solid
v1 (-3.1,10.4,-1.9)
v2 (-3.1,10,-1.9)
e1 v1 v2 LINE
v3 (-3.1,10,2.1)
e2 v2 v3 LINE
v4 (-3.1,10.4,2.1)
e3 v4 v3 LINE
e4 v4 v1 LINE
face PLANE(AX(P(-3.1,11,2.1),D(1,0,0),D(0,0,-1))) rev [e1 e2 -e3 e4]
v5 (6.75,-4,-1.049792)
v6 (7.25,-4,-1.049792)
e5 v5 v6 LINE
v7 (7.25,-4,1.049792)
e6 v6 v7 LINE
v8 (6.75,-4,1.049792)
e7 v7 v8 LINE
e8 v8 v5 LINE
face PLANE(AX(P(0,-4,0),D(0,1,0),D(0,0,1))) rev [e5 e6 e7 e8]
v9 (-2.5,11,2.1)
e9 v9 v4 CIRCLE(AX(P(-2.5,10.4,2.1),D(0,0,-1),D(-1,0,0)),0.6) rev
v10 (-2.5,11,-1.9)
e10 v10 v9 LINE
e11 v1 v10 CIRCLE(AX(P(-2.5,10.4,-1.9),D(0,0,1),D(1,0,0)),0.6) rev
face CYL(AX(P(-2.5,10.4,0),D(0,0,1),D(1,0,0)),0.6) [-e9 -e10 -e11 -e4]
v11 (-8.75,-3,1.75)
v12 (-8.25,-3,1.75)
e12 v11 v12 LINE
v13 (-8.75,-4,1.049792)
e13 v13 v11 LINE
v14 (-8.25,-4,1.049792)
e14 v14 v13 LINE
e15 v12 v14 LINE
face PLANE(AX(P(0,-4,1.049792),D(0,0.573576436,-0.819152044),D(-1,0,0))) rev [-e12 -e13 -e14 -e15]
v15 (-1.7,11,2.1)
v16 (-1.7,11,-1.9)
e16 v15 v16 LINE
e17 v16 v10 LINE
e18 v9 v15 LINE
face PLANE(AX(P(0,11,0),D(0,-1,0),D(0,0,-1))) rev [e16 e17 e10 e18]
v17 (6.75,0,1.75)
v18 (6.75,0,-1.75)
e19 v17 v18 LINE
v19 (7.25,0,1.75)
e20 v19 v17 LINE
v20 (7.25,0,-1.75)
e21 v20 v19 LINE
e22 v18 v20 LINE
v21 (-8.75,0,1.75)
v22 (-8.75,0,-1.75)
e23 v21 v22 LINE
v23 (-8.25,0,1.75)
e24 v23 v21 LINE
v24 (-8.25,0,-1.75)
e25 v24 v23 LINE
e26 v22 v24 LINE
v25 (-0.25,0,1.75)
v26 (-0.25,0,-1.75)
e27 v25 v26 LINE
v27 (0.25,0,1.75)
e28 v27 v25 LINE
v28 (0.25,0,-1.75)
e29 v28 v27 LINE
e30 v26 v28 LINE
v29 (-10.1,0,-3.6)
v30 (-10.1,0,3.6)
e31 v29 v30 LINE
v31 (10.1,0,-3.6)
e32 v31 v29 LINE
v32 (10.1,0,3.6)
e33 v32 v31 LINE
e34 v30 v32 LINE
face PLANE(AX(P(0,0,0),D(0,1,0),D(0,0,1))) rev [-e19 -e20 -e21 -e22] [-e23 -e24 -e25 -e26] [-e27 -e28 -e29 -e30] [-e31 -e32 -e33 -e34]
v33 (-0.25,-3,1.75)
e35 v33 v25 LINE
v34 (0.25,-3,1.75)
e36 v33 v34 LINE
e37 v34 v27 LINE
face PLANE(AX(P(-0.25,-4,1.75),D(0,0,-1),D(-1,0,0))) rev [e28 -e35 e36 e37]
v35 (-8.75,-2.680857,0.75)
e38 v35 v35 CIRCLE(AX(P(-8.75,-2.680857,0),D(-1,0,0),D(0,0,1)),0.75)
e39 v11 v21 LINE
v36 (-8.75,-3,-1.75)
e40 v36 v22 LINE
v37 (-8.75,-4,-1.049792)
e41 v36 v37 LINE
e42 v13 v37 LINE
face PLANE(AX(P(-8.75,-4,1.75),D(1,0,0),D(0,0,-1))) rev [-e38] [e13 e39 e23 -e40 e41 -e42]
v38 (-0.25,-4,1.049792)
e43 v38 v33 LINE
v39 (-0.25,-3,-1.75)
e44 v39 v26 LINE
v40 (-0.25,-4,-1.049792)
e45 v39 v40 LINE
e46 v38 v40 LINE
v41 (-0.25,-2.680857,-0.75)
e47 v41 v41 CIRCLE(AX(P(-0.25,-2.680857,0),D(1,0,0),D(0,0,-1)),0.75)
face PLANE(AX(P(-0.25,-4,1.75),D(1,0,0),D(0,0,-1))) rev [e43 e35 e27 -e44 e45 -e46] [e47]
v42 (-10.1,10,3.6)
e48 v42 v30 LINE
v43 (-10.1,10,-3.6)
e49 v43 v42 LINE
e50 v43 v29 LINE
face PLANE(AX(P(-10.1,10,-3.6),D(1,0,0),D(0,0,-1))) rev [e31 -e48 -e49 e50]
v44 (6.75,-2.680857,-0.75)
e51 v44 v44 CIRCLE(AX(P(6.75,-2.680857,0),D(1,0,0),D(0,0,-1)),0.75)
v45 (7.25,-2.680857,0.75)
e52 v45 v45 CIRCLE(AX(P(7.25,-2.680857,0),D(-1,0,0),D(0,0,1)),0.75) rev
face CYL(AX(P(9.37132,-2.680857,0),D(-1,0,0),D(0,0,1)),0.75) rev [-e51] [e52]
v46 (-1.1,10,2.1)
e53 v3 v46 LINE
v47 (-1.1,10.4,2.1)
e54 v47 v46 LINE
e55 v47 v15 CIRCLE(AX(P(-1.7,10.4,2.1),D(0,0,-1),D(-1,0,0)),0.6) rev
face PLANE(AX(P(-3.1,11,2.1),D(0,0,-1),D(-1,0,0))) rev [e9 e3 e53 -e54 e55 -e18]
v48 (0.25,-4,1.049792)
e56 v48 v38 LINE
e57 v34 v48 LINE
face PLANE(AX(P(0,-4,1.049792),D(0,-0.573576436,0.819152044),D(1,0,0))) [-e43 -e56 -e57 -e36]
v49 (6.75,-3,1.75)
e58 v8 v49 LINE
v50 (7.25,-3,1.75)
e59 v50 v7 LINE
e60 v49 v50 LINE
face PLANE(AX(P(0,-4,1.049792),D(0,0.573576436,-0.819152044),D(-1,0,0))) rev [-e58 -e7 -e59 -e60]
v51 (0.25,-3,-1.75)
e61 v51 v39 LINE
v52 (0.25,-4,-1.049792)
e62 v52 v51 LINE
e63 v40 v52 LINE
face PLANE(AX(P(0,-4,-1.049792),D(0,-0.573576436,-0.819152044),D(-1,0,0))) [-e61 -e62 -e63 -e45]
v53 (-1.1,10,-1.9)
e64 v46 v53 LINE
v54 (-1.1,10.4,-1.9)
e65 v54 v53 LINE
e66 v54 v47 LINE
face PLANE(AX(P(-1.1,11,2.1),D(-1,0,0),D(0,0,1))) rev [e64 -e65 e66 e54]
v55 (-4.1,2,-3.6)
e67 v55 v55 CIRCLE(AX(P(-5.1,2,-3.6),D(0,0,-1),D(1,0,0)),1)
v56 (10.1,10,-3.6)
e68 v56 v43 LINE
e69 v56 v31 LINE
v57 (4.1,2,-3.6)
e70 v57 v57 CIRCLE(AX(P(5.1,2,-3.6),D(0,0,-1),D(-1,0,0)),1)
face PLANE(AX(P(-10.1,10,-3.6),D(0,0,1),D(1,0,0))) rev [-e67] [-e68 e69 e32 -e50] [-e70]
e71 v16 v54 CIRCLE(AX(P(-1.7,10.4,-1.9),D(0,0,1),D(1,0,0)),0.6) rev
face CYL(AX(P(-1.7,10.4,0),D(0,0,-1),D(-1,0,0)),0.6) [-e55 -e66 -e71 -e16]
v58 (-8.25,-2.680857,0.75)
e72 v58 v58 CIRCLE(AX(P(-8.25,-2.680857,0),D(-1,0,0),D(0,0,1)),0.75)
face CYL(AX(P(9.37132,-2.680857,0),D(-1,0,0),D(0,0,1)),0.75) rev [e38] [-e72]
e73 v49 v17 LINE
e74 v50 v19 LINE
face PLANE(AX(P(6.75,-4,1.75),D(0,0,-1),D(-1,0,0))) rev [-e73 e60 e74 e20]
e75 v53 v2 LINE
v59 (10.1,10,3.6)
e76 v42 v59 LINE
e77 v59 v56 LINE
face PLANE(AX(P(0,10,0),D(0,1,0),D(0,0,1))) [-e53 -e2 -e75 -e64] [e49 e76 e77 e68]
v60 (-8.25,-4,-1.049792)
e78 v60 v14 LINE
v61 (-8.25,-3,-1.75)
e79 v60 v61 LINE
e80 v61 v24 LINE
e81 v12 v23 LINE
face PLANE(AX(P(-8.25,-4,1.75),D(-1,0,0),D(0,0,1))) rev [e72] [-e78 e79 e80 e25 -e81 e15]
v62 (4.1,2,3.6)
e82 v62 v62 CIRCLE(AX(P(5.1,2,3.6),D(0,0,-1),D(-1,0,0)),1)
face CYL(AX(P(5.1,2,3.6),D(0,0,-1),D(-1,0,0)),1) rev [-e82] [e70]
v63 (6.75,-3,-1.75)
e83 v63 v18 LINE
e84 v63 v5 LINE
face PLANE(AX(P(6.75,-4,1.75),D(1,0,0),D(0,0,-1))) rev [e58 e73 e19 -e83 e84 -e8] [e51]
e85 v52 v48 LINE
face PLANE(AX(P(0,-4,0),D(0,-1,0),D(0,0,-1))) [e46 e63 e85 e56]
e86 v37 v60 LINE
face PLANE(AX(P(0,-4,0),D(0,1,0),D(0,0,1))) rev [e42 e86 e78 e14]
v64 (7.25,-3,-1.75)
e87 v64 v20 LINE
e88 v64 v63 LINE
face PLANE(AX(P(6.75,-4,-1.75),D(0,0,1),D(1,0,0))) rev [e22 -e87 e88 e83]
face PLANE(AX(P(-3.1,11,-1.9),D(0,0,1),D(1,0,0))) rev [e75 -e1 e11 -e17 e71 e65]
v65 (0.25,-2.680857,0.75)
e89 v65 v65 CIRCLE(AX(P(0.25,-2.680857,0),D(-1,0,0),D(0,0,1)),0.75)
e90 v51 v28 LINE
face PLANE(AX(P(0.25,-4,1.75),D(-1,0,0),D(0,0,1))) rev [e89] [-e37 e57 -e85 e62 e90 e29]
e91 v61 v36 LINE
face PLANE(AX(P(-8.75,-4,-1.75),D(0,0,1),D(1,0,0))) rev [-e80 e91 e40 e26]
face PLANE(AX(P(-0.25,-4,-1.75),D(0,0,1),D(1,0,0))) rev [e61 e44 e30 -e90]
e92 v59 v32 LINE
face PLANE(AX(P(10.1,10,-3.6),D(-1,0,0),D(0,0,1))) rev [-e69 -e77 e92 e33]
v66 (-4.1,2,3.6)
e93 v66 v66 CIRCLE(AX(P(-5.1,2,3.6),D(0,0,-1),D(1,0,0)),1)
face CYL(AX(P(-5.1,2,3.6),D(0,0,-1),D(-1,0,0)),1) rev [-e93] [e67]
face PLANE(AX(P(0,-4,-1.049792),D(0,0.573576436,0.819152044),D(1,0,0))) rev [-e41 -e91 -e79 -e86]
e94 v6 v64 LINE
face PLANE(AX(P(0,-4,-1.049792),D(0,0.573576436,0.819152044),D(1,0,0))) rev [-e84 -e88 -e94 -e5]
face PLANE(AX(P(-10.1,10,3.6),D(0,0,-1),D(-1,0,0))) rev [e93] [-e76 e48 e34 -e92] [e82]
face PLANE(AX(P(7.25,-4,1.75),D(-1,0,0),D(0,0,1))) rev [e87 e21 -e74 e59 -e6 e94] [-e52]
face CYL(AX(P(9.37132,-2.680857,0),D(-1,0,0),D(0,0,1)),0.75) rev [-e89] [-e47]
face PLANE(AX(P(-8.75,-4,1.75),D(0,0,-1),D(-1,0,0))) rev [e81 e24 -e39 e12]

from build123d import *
from OCP.BRepFilletAPI import BRepFilletAPI_MakeChamfer

# Parameters (mm, degrees)
SKETCH_1_W          = 20.2
SKETCH_1_H          = 7.2
EXTRUDE_1_DEPTH     = 10
SKETCH_2_W          = 0.5
SKETCH_2_H          = 3.5
EXTRUDE_2_DEPTH     = 4
CUT_EXTRUDE_1_REACH = 23.64
SKETCH_3_R          = 0.75
CHAMFER_1_SIZE      = 1
CHAMFER_1_SIZE2     = 0.700207538
SKETCH_4_R          = 1
CUT_EXTRUDE_2_DEPTH = 16.932670837
SKETCH_5_W          = 2
SKETCH_5_H          = 4
EXTRUDE_3_DEPTH     = 1
FILLET_1_R          = 0.6


with BuildPart() as part:
    # Эскиз1 → Бобышка-Вытянуть1 (new body)
    with BuildSketch(Plane(origin=(0, 0, 0), x_dir=(1, 0, 0), z_dir=(0, 1, 0))):
        Rectangle(SKETCH_1_W, SKETCH_1_H)
    extrude(amount=EXTRUDE_1_DEPTH)

    # Эскиз2 → Бобышка-Вытянуть2 (add)
    with BuildSketch(Plane(origin=(0, 0, 0), x_dir=(-1, 0, 0), z_dir=(0, -1, 0))):
        with Locations((-7, 0)):
            Rectangle(SKETCH_2_W, SKETCH_2_H)
        Rectangle(SKETCH_2_W, SKETCH_2_H)
        with Locations((8.5, 0)):
            Rectangle(SKETCH_2_W, SKETCH_2_H)
    extrude(amount=EXTRUDE_2_DEPTH)

    # Вырез-Вытянуть1: up to this face of the body (flat: up to its plane)
    cut_extrude_1_end = Plane(part.part.faces().sort_by_distance((7.25, -2, 0))[0])
    # Эскиз3 → Вырез-Вытянуть1 (cut, up to the picked face)
    with BuildSketch(Plane.ZY.offset(8.75), mode=Mode.PRIVATE) as cut_extrude_1_sk1:
        with Locations((0, -2.680856865)):
            Circle(SKETCH_3_R)
    cut_extrude_1_tool1 = split(extrude(cut_extrude_1_sk1.sketch, amount=-CUT_EXTRUDE_1_REACH, mode=Mode.PRIVATE), bisect_by=cut_extrude_1_end, keep=Keep.BOTH, mode=Mode.PRIVATE)
    add(cut_extrude_1_tool1.solids().sort_by(Axis((-8.75, -2.680857, 0), (1, 0, 0)))[0], mode=Mode.SUBTRACT)

    # Фаска1: one chamfer whose edges measure the first distance from different faces: ONE call of the kernel's chamfer builder (chamfer() names one face for all edges)
    chamfer_1_edges_1 = [part.edges().sort_by_distance(p)[0] for p in [
        (0, -4, 1.75),
    ]]
    chamfer_1_side_1 = [part.faces().sort_by_distance(p)[0] for p in [
        (0, -2, 1.75),
    ]]
    chamfer_1_edges_2 = [part.edges().sort_by_distance(p)[0] for p in [
        (0, -4, -1.75),
    ]]
    chamfer_1_side_2 = [part.faces().sort_by_distance(p)[0] for p in [
        (0, -2, -1.75),
    ]]
    chamfer_1_edges_3 = [part.edges().sort_by_distance(p)[0] for p in [
        (7, -4, -1.75),
    ]]
    chamfer_1_side_3 = [part.faces().sort_by_distance(p)[0] for p in [
        (7, -2, -1.75),
    ]]
    chamfer_1_edges_4 = [part.edges().sort_by_distance(p)[0] for p in [
        (7, -4, 1.75),
    ]]
    chamfer_1_side_4 = [part.faces().sort_by_distance(p)[0] for p in [
        (7, -2, 1.75),
    ]]
    chamfer_1_edges_5 = [part.edges().sort_by_distance(p)[0] for p in [
        (-8.5, -4, -1.75),
    ]]
    chamfer_1_side_5 = [part.faces().sort_by_distance(p)[0] for p in [
        (-8.5, -2, -1.75),
    ]]
    chamfer_1_edges_6 = [part.edges().sort_by_distance(p)[0] for p in [
        (-8.5, -4, 1.75),
    ]]
    chamfer_1_side_6 = [part.faces().sort_by_distance(p)[0] for p in [
        (-8.5, -2, 1.75),
    ]]
    chamfer_1 = BRepFilletAPI_MakeChamfer(part.part.solid().wrapped)
    for e in chamfer_1_edges_1:
        chamfer_1.Add(CHAMFER_1_SIZE, CHAMFER_1_SIZE2, e.wrapped, chamfer_1_side_1[0].wrapped)  # the first distance lies on this face
    for e in chamfer_1_edges_2:
        chamfer_1.Add(CHAMFER_1_SIZE, CHAMFER_1_SIZE2, e.wrapped, chamfer_1_side_2[0].wrapped)  # the first distance lies on this face
    for e in chamfer_1_edges_3:
        chamfer_1.Add(CHAMFER_1_SIZE, CHAMFER_1_SIZE2, e.wrapped, chamfer_1_side_3[0].wrapped)  # the first distance lies on this face
    for e in chamfer_1_edges_4:
        chamfer_1.Add(CHAMFER_1_SIZE, CHAMFER_1_SIZE2, e.wrapped, chamfer_1_side_4[0].wrapped)  # the first distance lies on this face
    for e in chamfer_1_edges_5:
        chamfer_1.Add(CHAMFER_1_SIZE, CHAMFER_1_SIZE2, e.wrapped, chamfer_1_side_5[0].wrapped)  # the first distance lies on this face
    for e in chamfer_1_edges_6:
        chamfer_1.Add(CHAMFER_1_SIZE, CHAMFER_1_SIZE2, e.wrapped, chamfer_1_side_6[0].wrapped)  # the first distance lies on this face
    add(Compound.cast(chamfer_1.Shape()), mode=Mode.REPLACE)

    # Эскиз4 → Вырез-Вытянуть2 (cut, through all)
    with BuildSketch(Plane(origin=(0, 0, -3.6), x_dir=(-1, 0, 0), z_dir=(0, 0, -1))):
        with Locations((-5.1, 2)):
            Circle(SKETCH_4_R)
        with Locations(Location((5.1, 2, 0), (0, 0, 180))):
            Circle(SKETCH_4_R)
    extrude(amount=-CUT_EXTRUDE_2_DEPTH, mode=Mode.SUBTRACT)

    # Эскиз5 → Бобышка-Вытянуть3 (add)
    with BuildSketch(Plane(origin=(0, 10, 0), x_dir=(1, 0, 0), z_dir=(0, 1, 0))):
        with Locations((-2.1, -0.1)):
            Rectangle(SKETCH_5_W, SKETCH_5_H)
    extrude(amount=EXTRUDE_3_DEPTH)

    # Скругление1
    fillet_1_edges = [part.edges().sort_by_distance(p)[0] for p in [
        (-3.1, 11, 0.1),
        (-1.1, 11, 0.1),
    ]]
    fillet(fillet_1_edges, radius=FILLET_1_R)


solid = part.part
